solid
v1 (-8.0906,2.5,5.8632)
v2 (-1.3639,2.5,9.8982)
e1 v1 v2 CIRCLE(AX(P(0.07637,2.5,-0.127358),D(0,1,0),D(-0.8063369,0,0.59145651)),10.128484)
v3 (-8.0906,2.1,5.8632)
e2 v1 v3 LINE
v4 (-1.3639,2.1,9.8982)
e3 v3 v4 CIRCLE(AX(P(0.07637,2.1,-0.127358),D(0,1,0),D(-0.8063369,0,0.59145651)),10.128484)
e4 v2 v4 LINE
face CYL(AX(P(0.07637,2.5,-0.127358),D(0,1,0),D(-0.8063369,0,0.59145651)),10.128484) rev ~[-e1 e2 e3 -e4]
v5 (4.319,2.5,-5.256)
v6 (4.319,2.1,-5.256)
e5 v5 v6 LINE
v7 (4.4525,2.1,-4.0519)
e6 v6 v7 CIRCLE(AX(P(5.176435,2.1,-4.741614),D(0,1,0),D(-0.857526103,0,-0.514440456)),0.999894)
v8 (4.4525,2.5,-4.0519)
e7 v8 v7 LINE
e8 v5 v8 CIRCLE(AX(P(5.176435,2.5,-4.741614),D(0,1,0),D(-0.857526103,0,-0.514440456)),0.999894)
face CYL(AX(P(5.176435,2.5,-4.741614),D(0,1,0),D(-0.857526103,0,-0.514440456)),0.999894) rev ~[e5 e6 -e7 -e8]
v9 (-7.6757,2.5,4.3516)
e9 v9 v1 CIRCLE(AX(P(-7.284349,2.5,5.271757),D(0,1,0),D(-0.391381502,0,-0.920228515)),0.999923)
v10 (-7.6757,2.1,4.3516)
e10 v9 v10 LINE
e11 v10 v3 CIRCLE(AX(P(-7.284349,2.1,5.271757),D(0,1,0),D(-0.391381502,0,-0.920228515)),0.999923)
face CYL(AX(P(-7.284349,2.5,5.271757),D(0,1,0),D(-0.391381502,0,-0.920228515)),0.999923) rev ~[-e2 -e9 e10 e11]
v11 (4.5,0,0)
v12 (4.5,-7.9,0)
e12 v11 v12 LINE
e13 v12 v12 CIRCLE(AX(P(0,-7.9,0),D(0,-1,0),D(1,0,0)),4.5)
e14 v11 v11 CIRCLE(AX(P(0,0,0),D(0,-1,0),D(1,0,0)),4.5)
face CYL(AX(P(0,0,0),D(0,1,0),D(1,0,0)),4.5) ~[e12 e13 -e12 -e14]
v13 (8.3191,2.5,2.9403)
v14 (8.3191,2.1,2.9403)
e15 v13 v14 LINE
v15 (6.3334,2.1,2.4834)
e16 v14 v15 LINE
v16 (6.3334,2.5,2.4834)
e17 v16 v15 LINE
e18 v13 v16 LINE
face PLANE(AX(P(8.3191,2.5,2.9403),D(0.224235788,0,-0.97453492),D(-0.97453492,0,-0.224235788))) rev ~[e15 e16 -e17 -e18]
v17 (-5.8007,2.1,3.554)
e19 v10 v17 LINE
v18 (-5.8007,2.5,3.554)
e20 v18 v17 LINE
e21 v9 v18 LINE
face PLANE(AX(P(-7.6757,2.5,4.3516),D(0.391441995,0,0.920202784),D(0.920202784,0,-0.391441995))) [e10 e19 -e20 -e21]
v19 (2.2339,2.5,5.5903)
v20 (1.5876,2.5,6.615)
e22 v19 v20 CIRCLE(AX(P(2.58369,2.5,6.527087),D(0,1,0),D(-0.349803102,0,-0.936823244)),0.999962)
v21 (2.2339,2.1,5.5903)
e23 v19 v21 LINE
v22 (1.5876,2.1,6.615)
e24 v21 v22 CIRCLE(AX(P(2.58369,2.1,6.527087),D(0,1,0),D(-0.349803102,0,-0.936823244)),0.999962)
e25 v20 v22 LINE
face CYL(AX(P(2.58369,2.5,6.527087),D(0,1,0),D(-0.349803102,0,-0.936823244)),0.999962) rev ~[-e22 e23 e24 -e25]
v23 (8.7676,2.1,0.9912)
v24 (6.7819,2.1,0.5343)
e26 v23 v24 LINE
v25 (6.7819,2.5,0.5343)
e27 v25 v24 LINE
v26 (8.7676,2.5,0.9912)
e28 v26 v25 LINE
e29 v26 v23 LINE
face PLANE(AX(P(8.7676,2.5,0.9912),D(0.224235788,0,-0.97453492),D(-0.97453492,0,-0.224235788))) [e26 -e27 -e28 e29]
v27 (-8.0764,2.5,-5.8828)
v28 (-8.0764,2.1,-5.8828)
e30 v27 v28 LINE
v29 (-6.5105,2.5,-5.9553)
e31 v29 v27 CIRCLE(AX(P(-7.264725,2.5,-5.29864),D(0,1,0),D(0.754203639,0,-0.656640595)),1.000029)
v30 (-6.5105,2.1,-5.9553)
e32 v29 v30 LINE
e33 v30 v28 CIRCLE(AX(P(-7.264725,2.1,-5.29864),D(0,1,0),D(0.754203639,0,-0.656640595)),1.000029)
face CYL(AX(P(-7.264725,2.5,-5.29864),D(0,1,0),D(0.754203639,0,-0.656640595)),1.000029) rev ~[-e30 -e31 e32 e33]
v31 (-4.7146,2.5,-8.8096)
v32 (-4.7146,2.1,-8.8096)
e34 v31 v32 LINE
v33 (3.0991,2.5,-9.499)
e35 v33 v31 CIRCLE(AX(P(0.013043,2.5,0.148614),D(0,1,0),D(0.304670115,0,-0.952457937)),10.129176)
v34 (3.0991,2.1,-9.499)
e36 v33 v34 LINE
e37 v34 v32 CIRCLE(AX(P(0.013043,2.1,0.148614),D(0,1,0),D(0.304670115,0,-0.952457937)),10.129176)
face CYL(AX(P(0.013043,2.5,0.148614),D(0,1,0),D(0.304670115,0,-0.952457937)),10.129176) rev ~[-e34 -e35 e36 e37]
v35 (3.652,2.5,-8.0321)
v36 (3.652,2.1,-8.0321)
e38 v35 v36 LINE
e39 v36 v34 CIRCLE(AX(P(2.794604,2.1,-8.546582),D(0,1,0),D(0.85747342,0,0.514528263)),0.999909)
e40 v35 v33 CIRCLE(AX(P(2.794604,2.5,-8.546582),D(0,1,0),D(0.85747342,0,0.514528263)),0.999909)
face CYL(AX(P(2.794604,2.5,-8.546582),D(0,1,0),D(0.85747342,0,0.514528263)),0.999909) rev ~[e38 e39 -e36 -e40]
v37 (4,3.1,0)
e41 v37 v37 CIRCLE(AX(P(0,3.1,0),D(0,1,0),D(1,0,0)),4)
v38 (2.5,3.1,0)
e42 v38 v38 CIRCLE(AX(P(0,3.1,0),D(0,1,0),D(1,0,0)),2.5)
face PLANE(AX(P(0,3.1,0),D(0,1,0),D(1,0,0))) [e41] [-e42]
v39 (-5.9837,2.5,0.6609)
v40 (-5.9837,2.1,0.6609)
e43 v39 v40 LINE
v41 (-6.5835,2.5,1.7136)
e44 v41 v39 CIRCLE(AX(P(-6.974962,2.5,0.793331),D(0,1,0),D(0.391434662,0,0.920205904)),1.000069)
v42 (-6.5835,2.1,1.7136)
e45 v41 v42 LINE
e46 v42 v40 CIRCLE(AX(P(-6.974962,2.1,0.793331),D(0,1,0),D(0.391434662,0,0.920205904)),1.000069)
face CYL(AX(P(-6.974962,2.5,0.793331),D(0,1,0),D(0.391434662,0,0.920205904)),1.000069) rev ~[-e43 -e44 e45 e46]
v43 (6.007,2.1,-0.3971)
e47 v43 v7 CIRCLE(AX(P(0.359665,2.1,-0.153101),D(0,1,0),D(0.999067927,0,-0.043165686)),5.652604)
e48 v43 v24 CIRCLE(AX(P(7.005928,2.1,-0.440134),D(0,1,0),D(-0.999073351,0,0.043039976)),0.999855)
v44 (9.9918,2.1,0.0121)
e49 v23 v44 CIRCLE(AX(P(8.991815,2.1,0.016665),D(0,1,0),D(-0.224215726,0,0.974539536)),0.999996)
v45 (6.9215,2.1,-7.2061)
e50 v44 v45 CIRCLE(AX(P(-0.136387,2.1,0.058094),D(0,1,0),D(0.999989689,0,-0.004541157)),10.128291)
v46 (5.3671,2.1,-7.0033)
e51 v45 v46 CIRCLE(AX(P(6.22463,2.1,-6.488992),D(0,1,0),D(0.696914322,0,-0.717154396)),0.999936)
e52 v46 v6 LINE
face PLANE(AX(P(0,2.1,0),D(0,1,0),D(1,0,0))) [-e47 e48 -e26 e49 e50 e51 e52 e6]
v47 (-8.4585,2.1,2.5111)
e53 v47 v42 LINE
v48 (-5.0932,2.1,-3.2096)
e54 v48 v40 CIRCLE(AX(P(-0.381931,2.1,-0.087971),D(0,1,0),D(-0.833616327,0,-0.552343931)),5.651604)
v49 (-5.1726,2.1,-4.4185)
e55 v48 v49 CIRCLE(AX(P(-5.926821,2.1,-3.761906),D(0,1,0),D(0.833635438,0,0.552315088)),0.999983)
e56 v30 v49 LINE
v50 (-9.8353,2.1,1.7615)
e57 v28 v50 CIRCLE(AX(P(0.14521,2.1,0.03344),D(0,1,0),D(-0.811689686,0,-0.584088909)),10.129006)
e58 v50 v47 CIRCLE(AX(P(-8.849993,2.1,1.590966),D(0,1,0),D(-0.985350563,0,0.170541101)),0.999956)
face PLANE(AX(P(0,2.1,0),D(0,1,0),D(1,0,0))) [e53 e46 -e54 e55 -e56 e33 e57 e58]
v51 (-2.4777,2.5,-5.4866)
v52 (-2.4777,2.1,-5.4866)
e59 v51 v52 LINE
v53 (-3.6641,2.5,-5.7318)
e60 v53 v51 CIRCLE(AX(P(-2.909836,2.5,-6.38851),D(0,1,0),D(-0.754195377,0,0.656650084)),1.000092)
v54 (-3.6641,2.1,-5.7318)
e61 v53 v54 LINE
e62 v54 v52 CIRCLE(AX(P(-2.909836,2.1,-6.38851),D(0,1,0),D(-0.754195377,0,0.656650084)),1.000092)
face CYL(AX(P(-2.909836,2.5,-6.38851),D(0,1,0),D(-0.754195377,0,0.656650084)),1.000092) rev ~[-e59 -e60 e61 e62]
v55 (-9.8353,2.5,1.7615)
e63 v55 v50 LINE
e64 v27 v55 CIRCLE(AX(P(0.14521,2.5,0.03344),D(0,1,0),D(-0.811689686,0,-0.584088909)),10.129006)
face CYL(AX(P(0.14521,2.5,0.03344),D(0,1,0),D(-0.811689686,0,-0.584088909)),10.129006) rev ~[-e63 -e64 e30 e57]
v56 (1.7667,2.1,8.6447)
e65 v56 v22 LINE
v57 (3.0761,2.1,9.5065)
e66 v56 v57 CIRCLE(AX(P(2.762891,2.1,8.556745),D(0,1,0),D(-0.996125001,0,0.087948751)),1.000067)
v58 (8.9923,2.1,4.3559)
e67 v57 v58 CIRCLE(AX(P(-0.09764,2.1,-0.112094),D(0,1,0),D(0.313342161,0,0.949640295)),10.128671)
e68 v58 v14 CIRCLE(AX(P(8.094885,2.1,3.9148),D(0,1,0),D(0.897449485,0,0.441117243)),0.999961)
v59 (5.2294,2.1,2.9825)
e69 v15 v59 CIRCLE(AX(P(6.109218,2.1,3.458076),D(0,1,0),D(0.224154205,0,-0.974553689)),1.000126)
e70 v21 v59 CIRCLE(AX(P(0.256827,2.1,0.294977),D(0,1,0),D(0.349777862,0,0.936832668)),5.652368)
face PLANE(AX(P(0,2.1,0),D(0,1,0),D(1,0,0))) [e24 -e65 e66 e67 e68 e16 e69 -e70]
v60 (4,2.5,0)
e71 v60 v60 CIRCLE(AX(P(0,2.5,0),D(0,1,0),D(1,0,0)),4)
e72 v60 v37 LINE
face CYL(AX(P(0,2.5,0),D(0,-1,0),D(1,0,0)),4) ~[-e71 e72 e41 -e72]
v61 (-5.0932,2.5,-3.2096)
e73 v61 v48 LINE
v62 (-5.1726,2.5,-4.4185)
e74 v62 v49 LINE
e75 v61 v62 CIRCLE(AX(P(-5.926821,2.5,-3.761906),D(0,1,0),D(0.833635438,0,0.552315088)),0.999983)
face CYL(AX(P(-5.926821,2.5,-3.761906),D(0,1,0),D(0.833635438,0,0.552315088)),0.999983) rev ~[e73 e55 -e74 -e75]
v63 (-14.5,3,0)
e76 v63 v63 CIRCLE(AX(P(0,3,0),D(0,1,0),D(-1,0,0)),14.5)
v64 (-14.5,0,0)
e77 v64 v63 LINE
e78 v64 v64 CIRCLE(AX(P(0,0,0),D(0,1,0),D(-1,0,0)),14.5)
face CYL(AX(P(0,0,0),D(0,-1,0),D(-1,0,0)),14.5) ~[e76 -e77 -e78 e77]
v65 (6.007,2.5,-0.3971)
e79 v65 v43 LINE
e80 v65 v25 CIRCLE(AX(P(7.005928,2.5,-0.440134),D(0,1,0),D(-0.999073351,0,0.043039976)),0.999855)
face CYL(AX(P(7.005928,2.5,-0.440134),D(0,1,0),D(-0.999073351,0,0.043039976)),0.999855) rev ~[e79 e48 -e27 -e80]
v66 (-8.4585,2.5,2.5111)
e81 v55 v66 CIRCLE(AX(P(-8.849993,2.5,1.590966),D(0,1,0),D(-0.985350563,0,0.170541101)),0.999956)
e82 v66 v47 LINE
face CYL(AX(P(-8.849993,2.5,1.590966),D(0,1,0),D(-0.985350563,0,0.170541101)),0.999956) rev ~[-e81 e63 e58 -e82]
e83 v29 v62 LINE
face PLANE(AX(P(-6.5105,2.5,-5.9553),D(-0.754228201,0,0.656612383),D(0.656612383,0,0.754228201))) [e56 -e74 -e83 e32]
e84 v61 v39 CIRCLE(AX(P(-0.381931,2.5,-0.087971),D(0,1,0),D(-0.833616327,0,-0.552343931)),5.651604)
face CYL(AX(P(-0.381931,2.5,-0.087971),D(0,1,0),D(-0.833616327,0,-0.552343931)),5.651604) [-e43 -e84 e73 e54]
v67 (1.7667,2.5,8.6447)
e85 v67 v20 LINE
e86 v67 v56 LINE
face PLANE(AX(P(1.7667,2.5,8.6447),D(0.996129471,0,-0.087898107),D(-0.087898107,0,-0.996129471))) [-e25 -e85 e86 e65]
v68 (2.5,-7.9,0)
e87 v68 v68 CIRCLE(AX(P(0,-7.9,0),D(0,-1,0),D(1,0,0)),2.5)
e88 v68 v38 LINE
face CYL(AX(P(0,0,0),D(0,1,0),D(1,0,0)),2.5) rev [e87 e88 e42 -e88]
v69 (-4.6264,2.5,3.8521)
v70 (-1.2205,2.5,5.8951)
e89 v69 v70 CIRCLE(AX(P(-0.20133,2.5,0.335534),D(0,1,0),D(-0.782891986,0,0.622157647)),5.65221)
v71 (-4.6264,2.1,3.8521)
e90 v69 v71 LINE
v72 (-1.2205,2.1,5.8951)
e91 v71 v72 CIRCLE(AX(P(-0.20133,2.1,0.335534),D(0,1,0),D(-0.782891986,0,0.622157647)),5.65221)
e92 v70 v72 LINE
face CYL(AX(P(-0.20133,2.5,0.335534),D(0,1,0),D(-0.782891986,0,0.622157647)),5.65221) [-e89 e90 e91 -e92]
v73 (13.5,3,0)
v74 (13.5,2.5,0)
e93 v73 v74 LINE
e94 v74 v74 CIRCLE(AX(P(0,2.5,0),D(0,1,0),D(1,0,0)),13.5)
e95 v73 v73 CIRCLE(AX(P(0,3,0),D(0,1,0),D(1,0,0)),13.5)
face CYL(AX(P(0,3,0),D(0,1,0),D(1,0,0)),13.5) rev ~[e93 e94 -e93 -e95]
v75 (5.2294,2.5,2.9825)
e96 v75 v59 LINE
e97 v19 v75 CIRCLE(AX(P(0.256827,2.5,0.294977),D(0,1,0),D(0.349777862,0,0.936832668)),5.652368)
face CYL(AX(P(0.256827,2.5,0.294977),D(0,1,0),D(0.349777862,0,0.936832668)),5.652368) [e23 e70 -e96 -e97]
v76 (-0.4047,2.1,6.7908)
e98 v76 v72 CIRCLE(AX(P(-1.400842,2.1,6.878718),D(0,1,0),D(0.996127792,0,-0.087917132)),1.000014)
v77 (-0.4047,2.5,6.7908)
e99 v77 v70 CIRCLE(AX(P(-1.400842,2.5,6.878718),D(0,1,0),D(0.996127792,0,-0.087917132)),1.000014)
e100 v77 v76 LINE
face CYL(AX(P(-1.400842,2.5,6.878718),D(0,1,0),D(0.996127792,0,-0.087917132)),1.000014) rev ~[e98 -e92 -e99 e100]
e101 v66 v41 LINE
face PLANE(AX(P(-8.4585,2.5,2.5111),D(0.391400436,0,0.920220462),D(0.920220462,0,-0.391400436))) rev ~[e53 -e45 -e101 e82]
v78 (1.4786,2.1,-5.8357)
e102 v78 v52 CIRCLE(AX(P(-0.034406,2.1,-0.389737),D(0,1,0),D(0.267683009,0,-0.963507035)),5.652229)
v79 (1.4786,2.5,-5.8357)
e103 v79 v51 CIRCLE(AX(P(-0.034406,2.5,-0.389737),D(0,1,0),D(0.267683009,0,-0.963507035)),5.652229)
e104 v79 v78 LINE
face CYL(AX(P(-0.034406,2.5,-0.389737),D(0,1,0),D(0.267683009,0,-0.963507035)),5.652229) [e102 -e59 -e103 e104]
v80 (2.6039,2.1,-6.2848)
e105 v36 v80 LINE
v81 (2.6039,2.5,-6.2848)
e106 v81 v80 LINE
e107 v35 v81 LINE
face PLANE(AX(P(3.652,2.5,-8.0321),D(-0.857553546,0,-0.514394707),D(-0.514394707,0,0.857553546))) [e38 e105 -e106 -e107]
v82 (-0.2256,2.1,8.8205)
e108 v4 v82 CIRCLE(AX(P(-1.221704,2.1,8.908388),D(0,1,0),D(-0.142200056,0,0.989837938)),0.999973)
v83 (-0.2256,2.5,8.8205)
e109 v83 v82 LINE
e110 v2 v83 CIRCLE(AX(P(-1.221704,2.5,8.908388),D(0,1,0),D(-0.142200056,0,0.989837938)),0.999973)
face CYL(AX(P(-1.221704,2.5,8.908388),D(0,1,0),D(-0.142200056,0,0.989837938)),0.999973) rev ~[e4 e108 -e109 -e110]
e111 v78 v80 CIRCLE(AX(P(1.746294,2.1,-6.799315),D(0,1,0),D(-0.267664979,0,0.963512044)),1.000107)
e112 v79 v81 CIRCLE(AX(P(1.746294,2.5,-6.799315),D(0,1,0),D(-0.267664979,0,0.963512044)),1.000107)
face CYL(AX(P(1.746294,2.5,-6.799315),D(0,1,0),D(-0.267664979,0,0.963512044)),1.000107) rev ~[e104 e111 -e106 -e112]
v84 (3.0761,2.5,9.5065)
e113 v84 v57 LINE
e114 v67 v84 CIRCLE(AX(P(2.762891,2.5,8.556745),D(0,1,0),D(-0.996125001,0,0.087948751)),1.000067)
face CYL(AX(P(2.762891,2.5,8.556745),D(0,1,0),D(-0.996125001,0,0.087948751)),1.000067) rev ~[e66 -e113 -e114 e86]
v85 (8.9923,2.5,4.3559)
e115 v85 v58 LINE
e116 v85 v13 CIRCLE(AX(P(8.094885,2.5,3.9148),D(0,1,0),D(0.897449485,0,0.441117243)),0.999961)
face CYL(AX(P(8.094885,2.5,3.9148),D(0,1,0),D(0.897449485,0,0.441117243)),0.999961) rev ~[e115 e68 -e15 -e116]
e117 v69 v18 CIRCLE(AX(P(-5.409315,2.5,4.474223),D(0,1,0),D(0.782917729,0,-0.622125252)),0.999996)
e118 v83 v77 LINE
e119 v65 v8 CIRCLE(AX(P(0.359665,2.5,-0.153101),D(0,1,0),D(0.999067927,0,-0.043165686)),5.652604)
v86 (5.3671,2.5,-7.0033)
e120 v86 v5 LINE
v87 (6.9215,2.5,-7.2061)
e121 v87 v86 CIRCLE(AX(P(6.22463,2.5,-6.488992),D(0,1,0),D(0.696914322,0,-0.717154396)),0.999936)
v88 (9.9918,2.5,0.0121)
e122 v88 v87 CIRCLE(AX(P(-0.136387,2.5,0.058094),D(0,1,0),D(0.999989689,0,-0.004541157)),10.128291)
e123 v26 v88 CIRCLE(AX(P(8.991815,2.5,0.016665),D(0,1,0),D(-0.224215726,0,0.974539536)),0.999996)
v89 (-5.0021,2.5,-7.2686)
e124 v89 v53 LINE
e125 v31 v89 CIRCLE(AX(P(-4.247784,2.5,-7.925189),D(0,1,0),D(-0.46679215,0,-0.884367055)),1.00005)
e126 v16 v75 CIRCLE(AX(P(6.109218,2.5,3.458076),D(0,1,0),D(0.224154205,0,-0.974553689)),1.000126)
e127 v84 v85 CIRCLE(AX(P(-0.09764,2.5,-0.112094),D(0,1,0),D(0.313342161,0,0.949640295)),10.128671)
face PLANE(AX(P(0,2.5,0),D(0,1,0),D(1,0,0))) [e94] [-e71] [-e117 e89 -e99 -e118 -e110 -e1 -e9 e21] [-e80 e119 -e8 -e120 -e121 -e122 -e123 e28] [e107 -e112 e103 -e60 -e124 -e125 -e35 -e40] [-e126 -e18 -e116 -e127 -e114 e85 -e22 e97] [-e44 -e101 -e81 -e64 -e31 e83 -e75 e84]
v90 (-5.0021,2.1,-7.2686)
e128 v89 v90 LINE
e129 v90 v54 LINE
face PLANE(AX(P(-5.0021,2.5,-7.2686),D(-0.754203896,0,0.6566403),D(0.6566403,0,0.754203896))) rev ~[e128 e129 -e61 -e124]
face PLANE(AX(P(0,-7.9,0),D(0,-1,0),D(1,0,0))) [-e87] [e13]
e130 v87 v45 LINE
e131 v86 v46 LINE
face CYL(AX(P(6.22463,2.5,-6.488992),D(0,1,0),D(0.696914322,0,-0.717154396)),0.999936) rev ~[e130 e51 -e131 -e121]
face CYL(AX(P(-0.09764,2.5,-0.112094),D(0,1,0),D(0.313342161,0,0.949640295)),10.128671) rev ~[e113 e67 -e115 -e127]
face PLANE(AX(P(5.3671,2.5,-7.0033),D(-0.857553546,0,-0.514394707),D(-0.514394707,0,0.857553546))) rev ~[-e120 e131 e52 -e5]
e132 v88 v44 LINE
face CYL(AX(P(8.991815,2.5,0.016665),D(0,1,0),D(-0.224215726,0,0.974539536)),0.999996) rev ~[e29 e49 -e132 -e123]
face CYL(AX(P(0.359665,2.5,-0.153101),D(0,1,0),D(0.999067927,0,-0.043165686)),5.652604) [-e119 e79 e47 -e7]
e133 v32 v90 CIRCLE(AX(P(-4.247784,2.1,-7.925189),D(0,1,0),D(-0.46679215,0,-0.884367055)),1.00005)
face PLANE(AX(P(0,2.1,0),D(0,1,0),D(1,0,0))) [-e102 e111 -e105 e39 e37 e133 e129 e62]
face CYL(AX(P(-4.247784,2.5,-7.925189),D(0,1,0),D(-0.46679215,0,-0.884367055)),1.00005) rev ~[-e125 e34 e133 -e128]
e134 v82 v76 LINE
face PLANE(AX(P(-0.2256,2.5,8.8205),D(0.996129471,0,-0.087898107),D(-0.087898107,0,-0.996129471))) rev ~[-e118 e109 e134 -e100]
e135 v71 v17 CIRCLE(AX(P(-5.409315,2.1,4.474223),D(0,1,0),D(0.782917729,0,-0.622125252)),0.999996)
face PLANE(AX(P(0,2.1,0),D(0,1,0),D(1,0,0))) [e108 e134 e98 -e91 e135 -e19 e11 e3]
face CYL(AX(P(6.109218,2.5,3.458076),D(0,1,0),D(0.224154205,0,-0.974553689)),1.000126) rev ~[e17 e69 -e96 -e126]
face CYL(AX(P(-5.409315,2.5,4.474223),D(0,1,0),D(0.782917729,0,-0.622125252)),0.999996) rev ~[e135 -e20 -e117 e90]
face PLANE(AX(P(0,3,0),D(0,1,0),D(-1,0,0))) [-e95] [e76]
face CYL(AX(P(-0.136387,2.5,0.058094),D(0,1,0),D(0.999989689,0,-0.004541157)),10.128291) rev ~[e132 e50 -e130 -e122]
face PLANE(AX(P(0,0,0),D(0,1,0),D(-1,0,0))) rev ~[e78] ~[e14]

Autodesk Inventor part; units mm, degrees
ref_plane "YZ Plane" through (0, 0, 0) normal (1, 0, 0) x (0, 1, 0)
ref_plane "XZ Plane" through (0, 0, 0) normal (0, 1, 0) x (-1, 0, 0)
ref_plane "XY Plane" through (0, 0, 0) normal (0, 0, 1) x (1, 0, 0)
sketch "Sketch1" plane through (0, 0, 0) normal (0, 1, 0) x (-1, 0, 0)
  circle A0 centre (0, 0) radius 14.5
  dimension "d0" = 29
extrude "Extrusion1" add sketch "Sketch1" along normal blind 3
sketch "Sketch2" plane through (0, 3, 0) normal (0, 1, 0) x (1, 0, 0)
  circle A0 centre (0, 0) radius 13.5
  dimension "d3" = 27
extrude "Extrusion2" cut sketch "Sketch2" against normal blind 0.5
sketch "Sketch3" plane through (0, 2.5, 0) normal (0, 1, 0) x (1, 0, 0)
  circle A0 centre (0, 0) radius 11
  circle A1 centre (0, 0) radius 5
  line L0 (-6.5333, 7.5044) -> (-3.8846, 4.462) construction
  line L1 (3.0432, 5.0733) -> (5.1182, 8.5325) construction
  arc A2 (4.6868, 9.9516) -> (-6.3569, 8.9771) centre (0, 0) ccw
  arc A3 (1.8214, 4.6564) -> (-2.6087, 4.2656) centre (0, 0) ccw
  line L2 (-7.2228, 8.2965) -> (-3.2831, 3.7711)
  line L3 (5.6584, 9.433) -> (2.572, 4.2877)
  arc A4 (-6.3569, 8.9771) -> (-6.5333, 7.5044) centre (-5.779, 8.161) ccw
  arc A5 (-3.8846, 4.462) -> (-2.6087, 4.2656) centre (-3.1304, 5.1187) ccw
  arc A6 (1.8214, 4.6564) -> (3.0432, 5.0733) centre (2.1857, 5.5877) ccw
  arc A7 (5.1182, 8.5325) -> (4.6868, 9.9516) centre (4.2607, 9.0469) ccw
  arc A8 (3.0991, 9.499) -> (-4.7146, 8.8096) centre (0.0131, -0.1481) ccw
  arc A9 (1.4786, 5.8357) -> (-2.4777, 5.4866) centre (-0.0344, 0.3898) ccw
  line L4 (-5.0021, 7.2686) -> (-3.6641, 5.7318)
  line L5 (3.652, 8.0321) -> (2.6039, 6.2848)
  arc A10 (-4.7146, 8.8096) -> (-5.0021, 7.2686) centre (-4.2478, 7.9252) ccw
  arc A11 (-3.6641, 5.7318) -> (-2.4777, 5.4866) centre (-2.9099, 6.3884) ccw
  arc A12 (1.4786, 5.8357) -> (2.6039, 6.2848) centre (1.7463, 6.7992) ccw
  arc A13 (3.652, 8.0321) -> (3.0991, 9.499) centre (2.7944, 8.5466) ccw
  arc A14 (9.9918, -0.0121) -> (6.9215, 7.2061) centre (-0.1369, -0.0582) ccw
  arc A15 (6.9215, 7.2061) -> (5.3671, 7.0033) centre (6.2246, 6.4889) ccw
  line L6 (5.3671, 7.0033) -> (4.319, 5.256)
  arc A16 (4.319, 5.256) -> (4.4525, 4.0519) centre (5.1765, 4.7416) ccw
  arc A17 (6.007, 0.3971) -> (4.4525, 4.0519) centre (0.3601, 0.1532) ccw
  arc A18 (6.007, 0.3971) -> (6.7819, -0.5343) centre (7.0061, 0.4402) ccw
  line L7 (8.7676, -0.9912) -> (6.7819, -0.5343)
  arc A19 (8.7676, -0.9912) -> (9.9918, -0.0121) centre (8.9918, -0.0166) ccw
  arc A20 (3.0761, -9.5065) -> (8.9923, -4.3559) centre (-0.0977, 0.1122) ccw
  arc A21 (8.9923, -4.3559) -> (8.3191, -2.9403) centre (8.0949, -3.9148) ccw
  line L8 (8.3191, -2.9403) -> (6.3334, -2.4834)
  arc A22 (6.3334, -2.4834) -> (5.2294, -2.9825) centre (6.1092, -3.4579) ccw
  arc A23 (2.2339, -5.5903) -> (5.2294, -2.9825) centre (0.2569, -0.2951) ccw
  arc A24 (2.2339, -5.5903) -> (1.5876, -6.615) centre (2.5837, -6.5271) ccw
  line L9 (1.7667, -8.6447) -> (1.5876, -6.615)
  arc A25 (1.7667, -8.6447) -> (3.0761, -9.5065) centre (2.7628, -8.5568) ccw
  arc A26 (-8.0906, -5.8632) -> (-1.3639, -9.8982) centre (0.0765, 0.1275) ccw
  arc A27 (-1.3639, -9.8982) -> (-0.2256, -8.8205) centre (-1.2217, -8.9084) ccw
  line L10 (-0.2256, -8.8205) -> (-0.4047, -6.7908)
  arc A28 (-0.4047, -6.7908) -> (-1.2205, -5.8951) centre (-1.4008, -6.8787) ccw
  arc A29 (-4.6264, -3.8521) -> (-1.2205, -5.8951) centre (-0.2013, -0.3355) ccw
  arc A30 (-4.6264, -3.8521) -> (-5.8007, -3.554) centre (-5.4093, -4.4742) ccw
  line L11 (-7.6757, -4.3516) -> (-5.8007, -3.554)
  arc A31 (-7.6757, -4.3516) -> (-8.0906, -5.8632) centre (-7.2843, -5.2718) ccw
  arc A32 (-8.0764, 5.8828) -> (-9.8353, -1.7615) centre (0.1449, -0.0333) ccw
  arc A33 (-9.8353, -1.7615) -> (-8.4585, -2.5111) centre (-8.8499, -1.5909) ccw
  line L12 (-8.4585, -2.5111) -> (-6.5835, -1.7136)
  arc A34 (-6.5835, -1.7136) -> (-5.9837, -0.6609) centre (-6.9749, -0.7934) ccw
  arc A35 (-5.0932, 3.2096) -> (-5.9837, -0.6609) centre (-0.3813, 0.0877) ccw
  arc A36 (-5.0932, 3.2096) -> (-5.1726, 4.4185) centre (-5.9268, 3.7619) ccw
  line L13 (-6.5105, 5.9553) -> (-5.1726, 4.4185)
  arc A37 (-6.5105, 5.9553) -> (-8.0764, 5.8828) centre (-7.2647, 5.2987) ccw
  point P0 (-10.1224, -4.3055)
  point P1 (0.9668, -10.9574)
  point P2 (10.7199, -2.4665)
  point P3 (-5.779, 8.161)
  point P4 (-3.1304, 5.1187)
  point P5 (2.1857, 5.5877)
  point P6 (3.9008, 4.5589)
  point P7 (5.9897, -0.352)
  point P8 (5.5412, -2.3011)
  point P9 (1.5161, -5.8053)
  point P10 (-0.4761, -5.9811)
  point P11 (-5.0527, -3.2358)
  point P12 (-5.8355, -1.3954)
  point P13 (-4.6388, 3.8054)
  dimension "d6" = 22
  dimension "d7" = 10
  dimension "d10" = 360
  dimension "d12" = 1
  dimension "d13" = 1
  dimension "d14" = 1
  dimension "d17" = 360
extrude "Extrusion3" cut sketch "Sketch3" against normal blind 0.4 contours A13 L5 A12 A9 A11 L4 A10 A8 | A19 L7 A18 A17 A16 L6 A15 A14 | A25 L9 A24 A23 A22 L8 A21 A20 | A31 L11 A30 A29 A28 L10 A27 A26 | A37 L13 A36 A35 A34 L12 A33 A32
sketch "Sketch4" plane through (0, 2.5, 0) normal (0, 1, 0) x (1, 0, 0)
  circle A0 centre (0, 0) radius 4
  dimension "d21" = 8
extrude "Extrusion4" add sketch "Sketch4" along normal blind 0.6
sketch "Sketch5" plane through (0, 3.1, 0) normal (0, 1, 0) x (1, 0, 0)
  circle A0 centre (0, 0) radius 2.5
  dimension "d24" = 5
extrude "Extrusion5" cut sketch "Sketch5" against normal blind 14.15
sketch "Sketch6" plane through (0, 0, 0) normal (0, -1, 0) x (1, 0, 0)
  circle A0 centre (0, 0) radius 2.5 projected
  circle A1 centre (0, 0) radius 4.5
  dimension "d27" = 9
extrude "Extrusion6" add sketch "Sketch6" along normal blind 7.9
properties part number "inner_wheel" material "PAEK Plastic"
